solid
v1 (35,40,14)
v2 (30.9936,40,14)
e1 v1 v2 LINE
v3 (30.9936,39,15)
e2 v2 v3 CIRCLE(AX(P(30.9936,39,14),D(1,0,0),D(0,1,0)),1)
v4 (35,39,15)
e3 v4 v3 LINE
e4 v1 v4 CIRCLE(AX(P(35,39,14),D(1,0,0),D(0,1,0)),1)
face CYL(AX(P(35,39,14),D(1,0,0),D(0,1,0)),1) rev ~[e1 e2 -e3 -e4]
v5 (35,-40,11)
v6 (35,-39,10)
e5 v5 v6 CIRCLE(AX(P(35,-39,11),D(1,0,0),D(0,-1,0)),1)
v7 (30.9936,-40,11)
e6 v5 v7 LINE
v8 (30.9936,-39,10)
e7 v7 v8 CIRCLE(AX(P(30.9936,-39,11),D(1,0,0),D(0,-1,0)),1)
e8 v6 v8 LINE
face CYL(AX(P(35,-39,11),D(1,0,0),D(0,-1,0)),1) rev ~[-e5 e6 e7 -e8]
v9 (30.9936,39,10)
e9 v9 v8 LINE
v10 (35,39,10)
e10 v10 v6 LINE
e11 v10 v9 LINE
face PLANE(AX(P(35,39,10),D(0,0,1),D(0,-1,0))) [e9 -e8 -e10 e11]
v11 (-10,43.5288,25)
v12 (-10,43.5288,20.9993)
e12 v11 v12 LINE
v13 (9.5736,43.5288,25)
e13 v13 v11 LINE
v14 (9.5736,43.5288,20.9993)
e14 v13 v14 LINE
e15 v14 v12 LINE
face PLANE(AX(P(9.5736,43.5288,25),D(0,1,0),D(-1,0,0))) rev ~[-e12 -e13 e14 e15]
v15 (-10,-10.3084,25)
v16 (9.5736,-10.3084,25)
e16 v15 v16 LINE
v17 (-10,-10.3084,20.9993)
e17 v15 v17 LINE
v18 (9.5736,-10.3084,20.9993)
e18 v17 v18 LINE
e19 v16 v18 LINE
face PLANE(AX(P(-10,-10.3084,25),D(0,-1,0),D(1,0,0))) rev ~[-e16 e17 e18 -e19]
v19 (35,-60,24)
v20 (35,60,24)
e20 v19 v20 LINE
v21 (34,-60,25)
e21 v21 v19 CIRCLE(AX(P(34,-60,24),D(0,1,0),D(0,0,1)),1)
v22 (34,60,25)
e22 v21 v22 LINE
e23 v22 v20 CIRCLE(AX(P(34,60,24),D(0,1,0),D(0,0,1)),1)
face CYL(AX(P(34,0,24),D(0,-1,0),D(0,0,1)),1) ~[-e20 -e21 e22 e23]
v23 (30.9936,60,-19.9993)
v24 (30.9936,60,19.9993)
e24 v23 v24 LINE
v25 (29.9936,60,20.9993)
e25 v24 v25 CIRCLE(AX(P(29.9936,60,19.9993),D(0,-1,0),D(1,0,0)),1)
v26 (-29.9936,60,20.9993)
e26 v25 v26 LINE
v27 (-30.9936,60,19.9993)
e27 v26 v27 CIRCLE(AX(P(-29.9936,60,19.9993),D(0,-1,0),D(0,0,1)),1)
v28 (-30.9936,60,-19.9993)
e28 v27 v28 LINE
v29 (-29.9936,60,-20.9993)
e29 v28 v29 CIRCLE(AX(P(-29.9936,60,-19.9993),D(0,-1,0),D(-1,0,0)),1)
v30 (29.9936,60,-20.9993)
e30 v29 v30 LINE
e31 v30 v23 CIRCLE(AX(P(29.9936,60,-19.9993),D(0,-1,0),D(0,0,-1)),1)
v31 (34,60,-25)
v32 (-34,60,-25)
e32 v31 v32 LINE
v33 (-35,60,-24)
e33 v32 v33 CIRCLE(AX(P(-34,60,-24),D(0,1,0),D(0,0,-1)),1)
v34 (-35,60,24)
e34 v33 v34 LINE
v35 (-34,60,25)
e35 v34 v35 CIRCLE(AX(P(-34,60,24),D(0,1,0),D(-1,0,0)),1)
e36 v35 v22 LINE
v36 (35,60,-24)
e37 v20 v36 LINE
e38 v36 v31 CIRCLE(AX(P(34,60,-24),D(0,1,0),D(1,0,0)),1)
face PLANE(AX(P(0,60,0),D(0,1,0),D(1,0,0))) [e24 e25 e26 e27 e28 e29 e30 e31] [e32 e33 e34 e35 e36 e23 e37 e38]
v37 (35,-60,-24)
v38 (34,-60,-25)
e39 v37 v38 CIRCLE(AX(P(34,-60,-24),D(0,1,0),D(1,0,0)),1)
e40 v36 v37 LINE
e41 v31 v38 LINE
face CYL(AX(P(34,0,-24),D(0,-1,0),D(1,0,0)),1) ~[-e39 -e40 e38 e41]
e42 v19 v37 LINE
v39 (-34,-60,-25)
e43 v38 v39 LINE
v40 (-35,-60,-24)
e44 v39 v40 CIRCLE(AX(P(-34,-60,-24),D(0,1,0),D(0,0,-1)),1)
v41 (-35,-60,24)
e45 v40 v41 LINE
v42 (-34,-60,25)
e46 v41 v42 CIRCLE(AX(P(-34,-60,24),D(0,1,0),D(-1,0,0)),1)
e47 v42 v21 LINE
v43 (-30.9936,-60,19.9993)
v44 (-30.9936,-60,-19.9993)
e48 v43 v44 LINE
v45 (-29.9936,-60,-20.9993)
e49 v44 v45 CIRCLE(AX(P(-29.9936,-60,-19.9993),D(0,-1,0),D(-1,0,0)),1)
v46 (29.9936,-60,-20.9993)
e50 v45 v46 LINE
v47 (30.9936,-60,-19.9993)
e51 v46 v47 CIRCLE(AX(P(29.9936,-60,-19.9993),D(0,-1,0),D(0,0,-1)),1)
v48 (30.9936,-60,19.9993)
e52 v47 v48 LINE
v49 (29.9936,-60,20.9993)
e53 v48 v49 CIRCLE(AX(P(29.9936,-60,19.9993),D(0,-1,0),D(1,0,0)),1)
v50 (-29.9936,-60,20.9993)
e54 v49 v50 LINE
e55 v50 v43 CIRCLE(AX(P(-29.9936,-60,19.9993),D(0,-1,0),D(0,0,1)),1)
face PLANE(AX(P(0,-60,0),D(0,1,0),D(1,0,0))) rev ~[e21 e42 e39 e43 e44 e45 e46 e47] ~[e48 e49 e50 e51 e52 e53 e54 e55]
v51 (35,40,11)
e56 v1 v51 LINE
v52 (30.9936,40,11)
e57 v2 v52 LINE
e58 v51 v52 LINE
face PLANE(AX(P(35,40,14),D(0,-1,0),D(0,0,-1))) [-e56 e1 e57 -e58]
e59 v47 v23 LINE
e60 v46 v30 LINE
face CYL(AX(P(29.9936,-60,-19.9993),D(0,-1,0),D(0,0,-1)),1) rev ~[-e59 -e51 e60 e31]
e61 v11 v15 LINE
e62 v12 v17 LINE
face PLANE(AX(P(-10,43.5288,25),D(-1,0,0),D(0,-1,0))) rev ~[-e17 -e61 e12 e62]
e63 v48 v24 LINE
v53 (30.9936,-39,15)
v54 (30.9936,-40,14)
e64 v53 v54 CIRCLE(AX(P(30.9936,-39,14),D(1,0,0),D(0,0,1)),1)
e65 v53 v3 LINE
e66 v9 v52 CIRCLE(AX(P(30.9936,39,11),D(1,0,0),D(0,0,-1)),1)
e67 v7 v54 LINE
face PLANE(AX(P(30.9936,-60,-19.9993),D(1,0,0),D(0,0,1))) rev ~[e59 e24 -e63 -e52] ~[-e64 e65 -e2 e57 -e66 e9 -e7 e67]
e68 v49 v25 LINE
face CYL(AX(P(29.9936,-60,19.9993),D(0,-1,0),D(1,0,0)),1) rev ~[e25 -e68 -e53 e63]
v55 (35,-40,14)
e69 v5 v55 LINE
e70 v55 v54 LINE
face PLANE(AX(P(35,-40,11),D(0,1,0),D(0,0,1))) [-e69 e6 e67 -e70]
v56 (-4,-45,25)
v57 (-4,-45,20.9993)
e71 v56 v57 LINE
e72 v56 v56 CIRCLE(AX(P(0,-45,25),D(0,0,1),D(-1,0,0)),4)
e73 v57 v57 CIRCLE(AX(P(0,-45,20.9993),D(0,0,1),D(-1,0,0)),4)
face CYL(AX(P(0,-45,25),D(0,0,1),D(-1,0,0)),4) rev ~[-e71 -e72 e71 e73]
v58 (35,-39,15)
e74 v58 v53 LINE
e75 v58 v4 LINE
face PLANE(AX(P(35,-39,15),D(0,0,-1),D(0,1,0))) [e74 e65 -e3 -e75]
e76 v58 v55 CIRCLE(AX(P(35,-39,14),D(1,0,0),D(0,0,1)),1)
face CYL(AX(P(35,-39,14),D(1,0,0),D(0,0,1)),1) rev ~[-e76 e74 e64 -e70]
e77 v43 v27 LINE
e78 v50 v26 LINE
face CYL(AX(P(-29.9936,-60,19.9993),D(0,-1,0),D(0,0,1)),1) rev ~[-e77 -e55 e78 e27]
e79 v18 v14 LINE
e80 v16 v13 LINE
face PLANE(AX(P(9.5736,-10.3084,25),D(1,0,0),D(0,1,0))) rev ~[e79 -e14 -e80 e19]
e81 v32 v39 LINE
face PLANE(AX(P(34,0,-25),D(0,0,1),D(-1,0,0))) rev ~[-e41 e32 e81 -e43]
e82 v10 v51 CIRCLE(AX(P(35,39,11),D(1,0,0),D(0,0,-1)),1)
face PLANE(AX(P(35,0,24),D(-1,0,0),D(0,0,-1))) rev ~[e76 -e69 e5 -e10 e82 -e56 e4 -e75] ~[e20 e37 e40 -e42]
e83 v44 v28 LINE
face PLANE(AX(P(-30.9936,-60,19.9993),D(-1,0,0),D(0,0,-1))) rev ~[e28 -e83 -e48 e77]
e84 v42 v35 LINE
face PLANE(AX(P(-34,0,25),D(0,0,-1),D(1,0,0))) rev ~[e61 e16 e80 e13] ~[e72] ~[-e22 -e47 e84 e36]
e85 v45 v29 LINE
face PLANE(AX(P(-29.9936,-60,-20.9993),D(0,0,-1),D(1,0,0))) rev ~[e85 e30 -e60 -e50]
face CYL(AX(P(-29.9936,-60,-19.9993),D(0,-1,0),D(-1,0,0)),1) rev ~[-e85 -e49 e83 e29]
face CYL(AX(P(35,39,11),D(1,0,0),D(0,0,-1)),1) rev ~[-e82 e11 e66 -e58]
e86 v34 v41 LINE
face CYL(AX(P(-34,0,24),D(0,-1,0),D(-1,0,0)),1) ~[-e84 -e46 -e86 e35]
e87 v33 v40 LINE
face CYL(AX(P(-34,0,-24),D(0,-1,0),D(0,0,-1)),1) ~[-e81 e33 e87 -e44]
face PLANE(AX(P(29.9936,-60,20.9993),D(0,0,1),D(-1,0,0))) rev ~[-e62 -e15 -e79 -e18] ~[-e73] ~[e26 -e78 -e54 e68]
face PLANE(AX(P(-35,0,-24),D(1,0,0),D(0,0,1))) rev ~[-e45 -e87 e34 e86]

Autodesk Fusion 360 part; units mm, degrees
sketch "Sketch1" plane through (0, 0, 0) normal (0, 1, 0) x (1, 0, 0)
  line L0 (-65, 0) -> (50, 0) construction
  line L1 (-34, -25) -> (34, -25)
  line L2 (35, -24) -> (35, 24)
  line L3 (34, 25) -> (-34, 25)
  line L4 (-35, 24) -> (-35, -24)
  line L5 (-35, 25) -> (35, -25) construction
  line L6 (-35, -25) -> (35, 25) construction
  arc A0 (-35, -24) -> (-34, -25) centre (-34, -24) ccw
  arc A1 (34, -25) -> (35, -24) centre (34, -24) ccw
  arc A2 (35, 24) -> (34, 25) centre (34, 24) ccw
  arc A3 (-34, 25) -> (-35, 24) centre (-34, 24) ccw
  point P0 (-32.7786, 20)
  point P1 (32.2214, 20)
  point P2 (-32.7786, -20)
  dimension "d7" = 70
  dimension "d8" = 50
  dimension "d9" = 1
  dimension "d10" = 1
extrude "Extrude1" add sketch "Sketch1" along normal mid plane 120
sketch "Sketch2" plane through (0, -60, 0) normal (0, -1, 0) x (1, 0, 0)
  arc A0 (-35, -24) -> (-34, -25) centre (-34, -24) ccw
  line L0 (-34, -25) -> (34, -25)
  arc A1 (34, -25) -> (35, -24) centre (34, -24) ccw
  line L1 (35, -24) -> (35, 24)
  arc A2 (35, 24) -> (34, 25) centre (34, 24) ccw
  line L2 (34, 25) -> (-34, 25)
  arc A3 (-34, 25) -> (-35, 24) centre (-34, 24) ccw
  line L3 (-35, 24) -> (-35, -24)
  line L4 (-29.9936, -20.9993) -> (29.9936, -20.9993)
  line L5 (30.9936, -19.9993) -> (30.9936, 19.9993)
  line L6 (29.9936, 20.9993) -> (-29.9936, 20.9993)
  line L7 (-30.9936, 19.9993) -> (-30.9936, -19.9993)
  arc A4 (-29.9936, 20.9993) -> (-30.9936, 19.9993) centre (-29.9936, 19.9993) ccw
  arc A5 (30.9936, 19.9993) -> (29.9936, 20.9993) centre (29.9936, 19.9993) ccw
  arc A6 (29.9936, -20.9993) -> (30.9936, -19.9993) centre (29.9936, -19.9993) ccw
  arc A7 (-30.9936, -19.9993) -> (-29.9936, -20.9993) centre (-29.9936, -19.9993) ccw
  line L8 (-45, 0) -> (50, 0) construction
  line L9 (0, 30) -> (0, -30) construction
  dimension "d11" = 1
extrude "Extrude2" cut sketch "Sketch2" against normal blind 120 contours L4 L5 L6 L7 A4 A5 A6 A7
sketch "Sketch3" plane through (0, 0, 25) normal (0, 0, 1) x (-1, 0, 0)
  line L0 (-34, 60) -> (-34, -60)
  line L1 (-34, -60) -> (34, -60)
  line L2 (34, -60) -> (34, 60)
  line L3 (34, 60) -> (-34, 60)
  circle A0 centre (0, 45) radius 4
  line L4 (10, 10.3084) -> (-9.5736, 10.3084)
  line L5 (-9.5736, 10.3084) -> (-9.5736, -43.5288)
  line L6 (-9.5736, -43.5288) -> (10, -43.5288)
  line L7 (10, -43.5288) -> (10, 10.3084)
  dimension "d14" = 8
extrude "Extrude3" cut sketch "Sketch3" against normal blind 5 contours A0 | L4 L5 L6 L7
sketch "Sketch4" plane through (35, 0, 0) normal (1, 0, 0) x (0, 1, 0)
  line L0 (-60, -24) -> (60, -24)
  line L1 (60, -24) -> (60, 24)
  line L2 (60, 24) -> (-60, 24)
  line L3 (-60, 24) -> (-60, -24)
  line L4 (-39, 15) -> (39, 15)
  line L5 (40, 14) -> (40, 11)
  line L6 (39, 10) -> (-39, 10)
  line L7 (-40, 11) -> (-40, 14)
  arc A0 (-39, 15) -> (-40, 14) centre (-39, 14) ccw
  arc A1 (40, 14) -> (39, 15) centre (39, 14) ccw
  arc A2 (39, 10) -> (40, 11) centre (39, 11) ccw
  arc A3 (-40, 11) -> (-39, 10) centre (-39, 11) ccw
  dimension "d17" = 1
extrude "Extrude4" cut sketch "Sketch4" against normal blind 5 contours L4 L5 L6 L7 A0 A1 A2 A3
